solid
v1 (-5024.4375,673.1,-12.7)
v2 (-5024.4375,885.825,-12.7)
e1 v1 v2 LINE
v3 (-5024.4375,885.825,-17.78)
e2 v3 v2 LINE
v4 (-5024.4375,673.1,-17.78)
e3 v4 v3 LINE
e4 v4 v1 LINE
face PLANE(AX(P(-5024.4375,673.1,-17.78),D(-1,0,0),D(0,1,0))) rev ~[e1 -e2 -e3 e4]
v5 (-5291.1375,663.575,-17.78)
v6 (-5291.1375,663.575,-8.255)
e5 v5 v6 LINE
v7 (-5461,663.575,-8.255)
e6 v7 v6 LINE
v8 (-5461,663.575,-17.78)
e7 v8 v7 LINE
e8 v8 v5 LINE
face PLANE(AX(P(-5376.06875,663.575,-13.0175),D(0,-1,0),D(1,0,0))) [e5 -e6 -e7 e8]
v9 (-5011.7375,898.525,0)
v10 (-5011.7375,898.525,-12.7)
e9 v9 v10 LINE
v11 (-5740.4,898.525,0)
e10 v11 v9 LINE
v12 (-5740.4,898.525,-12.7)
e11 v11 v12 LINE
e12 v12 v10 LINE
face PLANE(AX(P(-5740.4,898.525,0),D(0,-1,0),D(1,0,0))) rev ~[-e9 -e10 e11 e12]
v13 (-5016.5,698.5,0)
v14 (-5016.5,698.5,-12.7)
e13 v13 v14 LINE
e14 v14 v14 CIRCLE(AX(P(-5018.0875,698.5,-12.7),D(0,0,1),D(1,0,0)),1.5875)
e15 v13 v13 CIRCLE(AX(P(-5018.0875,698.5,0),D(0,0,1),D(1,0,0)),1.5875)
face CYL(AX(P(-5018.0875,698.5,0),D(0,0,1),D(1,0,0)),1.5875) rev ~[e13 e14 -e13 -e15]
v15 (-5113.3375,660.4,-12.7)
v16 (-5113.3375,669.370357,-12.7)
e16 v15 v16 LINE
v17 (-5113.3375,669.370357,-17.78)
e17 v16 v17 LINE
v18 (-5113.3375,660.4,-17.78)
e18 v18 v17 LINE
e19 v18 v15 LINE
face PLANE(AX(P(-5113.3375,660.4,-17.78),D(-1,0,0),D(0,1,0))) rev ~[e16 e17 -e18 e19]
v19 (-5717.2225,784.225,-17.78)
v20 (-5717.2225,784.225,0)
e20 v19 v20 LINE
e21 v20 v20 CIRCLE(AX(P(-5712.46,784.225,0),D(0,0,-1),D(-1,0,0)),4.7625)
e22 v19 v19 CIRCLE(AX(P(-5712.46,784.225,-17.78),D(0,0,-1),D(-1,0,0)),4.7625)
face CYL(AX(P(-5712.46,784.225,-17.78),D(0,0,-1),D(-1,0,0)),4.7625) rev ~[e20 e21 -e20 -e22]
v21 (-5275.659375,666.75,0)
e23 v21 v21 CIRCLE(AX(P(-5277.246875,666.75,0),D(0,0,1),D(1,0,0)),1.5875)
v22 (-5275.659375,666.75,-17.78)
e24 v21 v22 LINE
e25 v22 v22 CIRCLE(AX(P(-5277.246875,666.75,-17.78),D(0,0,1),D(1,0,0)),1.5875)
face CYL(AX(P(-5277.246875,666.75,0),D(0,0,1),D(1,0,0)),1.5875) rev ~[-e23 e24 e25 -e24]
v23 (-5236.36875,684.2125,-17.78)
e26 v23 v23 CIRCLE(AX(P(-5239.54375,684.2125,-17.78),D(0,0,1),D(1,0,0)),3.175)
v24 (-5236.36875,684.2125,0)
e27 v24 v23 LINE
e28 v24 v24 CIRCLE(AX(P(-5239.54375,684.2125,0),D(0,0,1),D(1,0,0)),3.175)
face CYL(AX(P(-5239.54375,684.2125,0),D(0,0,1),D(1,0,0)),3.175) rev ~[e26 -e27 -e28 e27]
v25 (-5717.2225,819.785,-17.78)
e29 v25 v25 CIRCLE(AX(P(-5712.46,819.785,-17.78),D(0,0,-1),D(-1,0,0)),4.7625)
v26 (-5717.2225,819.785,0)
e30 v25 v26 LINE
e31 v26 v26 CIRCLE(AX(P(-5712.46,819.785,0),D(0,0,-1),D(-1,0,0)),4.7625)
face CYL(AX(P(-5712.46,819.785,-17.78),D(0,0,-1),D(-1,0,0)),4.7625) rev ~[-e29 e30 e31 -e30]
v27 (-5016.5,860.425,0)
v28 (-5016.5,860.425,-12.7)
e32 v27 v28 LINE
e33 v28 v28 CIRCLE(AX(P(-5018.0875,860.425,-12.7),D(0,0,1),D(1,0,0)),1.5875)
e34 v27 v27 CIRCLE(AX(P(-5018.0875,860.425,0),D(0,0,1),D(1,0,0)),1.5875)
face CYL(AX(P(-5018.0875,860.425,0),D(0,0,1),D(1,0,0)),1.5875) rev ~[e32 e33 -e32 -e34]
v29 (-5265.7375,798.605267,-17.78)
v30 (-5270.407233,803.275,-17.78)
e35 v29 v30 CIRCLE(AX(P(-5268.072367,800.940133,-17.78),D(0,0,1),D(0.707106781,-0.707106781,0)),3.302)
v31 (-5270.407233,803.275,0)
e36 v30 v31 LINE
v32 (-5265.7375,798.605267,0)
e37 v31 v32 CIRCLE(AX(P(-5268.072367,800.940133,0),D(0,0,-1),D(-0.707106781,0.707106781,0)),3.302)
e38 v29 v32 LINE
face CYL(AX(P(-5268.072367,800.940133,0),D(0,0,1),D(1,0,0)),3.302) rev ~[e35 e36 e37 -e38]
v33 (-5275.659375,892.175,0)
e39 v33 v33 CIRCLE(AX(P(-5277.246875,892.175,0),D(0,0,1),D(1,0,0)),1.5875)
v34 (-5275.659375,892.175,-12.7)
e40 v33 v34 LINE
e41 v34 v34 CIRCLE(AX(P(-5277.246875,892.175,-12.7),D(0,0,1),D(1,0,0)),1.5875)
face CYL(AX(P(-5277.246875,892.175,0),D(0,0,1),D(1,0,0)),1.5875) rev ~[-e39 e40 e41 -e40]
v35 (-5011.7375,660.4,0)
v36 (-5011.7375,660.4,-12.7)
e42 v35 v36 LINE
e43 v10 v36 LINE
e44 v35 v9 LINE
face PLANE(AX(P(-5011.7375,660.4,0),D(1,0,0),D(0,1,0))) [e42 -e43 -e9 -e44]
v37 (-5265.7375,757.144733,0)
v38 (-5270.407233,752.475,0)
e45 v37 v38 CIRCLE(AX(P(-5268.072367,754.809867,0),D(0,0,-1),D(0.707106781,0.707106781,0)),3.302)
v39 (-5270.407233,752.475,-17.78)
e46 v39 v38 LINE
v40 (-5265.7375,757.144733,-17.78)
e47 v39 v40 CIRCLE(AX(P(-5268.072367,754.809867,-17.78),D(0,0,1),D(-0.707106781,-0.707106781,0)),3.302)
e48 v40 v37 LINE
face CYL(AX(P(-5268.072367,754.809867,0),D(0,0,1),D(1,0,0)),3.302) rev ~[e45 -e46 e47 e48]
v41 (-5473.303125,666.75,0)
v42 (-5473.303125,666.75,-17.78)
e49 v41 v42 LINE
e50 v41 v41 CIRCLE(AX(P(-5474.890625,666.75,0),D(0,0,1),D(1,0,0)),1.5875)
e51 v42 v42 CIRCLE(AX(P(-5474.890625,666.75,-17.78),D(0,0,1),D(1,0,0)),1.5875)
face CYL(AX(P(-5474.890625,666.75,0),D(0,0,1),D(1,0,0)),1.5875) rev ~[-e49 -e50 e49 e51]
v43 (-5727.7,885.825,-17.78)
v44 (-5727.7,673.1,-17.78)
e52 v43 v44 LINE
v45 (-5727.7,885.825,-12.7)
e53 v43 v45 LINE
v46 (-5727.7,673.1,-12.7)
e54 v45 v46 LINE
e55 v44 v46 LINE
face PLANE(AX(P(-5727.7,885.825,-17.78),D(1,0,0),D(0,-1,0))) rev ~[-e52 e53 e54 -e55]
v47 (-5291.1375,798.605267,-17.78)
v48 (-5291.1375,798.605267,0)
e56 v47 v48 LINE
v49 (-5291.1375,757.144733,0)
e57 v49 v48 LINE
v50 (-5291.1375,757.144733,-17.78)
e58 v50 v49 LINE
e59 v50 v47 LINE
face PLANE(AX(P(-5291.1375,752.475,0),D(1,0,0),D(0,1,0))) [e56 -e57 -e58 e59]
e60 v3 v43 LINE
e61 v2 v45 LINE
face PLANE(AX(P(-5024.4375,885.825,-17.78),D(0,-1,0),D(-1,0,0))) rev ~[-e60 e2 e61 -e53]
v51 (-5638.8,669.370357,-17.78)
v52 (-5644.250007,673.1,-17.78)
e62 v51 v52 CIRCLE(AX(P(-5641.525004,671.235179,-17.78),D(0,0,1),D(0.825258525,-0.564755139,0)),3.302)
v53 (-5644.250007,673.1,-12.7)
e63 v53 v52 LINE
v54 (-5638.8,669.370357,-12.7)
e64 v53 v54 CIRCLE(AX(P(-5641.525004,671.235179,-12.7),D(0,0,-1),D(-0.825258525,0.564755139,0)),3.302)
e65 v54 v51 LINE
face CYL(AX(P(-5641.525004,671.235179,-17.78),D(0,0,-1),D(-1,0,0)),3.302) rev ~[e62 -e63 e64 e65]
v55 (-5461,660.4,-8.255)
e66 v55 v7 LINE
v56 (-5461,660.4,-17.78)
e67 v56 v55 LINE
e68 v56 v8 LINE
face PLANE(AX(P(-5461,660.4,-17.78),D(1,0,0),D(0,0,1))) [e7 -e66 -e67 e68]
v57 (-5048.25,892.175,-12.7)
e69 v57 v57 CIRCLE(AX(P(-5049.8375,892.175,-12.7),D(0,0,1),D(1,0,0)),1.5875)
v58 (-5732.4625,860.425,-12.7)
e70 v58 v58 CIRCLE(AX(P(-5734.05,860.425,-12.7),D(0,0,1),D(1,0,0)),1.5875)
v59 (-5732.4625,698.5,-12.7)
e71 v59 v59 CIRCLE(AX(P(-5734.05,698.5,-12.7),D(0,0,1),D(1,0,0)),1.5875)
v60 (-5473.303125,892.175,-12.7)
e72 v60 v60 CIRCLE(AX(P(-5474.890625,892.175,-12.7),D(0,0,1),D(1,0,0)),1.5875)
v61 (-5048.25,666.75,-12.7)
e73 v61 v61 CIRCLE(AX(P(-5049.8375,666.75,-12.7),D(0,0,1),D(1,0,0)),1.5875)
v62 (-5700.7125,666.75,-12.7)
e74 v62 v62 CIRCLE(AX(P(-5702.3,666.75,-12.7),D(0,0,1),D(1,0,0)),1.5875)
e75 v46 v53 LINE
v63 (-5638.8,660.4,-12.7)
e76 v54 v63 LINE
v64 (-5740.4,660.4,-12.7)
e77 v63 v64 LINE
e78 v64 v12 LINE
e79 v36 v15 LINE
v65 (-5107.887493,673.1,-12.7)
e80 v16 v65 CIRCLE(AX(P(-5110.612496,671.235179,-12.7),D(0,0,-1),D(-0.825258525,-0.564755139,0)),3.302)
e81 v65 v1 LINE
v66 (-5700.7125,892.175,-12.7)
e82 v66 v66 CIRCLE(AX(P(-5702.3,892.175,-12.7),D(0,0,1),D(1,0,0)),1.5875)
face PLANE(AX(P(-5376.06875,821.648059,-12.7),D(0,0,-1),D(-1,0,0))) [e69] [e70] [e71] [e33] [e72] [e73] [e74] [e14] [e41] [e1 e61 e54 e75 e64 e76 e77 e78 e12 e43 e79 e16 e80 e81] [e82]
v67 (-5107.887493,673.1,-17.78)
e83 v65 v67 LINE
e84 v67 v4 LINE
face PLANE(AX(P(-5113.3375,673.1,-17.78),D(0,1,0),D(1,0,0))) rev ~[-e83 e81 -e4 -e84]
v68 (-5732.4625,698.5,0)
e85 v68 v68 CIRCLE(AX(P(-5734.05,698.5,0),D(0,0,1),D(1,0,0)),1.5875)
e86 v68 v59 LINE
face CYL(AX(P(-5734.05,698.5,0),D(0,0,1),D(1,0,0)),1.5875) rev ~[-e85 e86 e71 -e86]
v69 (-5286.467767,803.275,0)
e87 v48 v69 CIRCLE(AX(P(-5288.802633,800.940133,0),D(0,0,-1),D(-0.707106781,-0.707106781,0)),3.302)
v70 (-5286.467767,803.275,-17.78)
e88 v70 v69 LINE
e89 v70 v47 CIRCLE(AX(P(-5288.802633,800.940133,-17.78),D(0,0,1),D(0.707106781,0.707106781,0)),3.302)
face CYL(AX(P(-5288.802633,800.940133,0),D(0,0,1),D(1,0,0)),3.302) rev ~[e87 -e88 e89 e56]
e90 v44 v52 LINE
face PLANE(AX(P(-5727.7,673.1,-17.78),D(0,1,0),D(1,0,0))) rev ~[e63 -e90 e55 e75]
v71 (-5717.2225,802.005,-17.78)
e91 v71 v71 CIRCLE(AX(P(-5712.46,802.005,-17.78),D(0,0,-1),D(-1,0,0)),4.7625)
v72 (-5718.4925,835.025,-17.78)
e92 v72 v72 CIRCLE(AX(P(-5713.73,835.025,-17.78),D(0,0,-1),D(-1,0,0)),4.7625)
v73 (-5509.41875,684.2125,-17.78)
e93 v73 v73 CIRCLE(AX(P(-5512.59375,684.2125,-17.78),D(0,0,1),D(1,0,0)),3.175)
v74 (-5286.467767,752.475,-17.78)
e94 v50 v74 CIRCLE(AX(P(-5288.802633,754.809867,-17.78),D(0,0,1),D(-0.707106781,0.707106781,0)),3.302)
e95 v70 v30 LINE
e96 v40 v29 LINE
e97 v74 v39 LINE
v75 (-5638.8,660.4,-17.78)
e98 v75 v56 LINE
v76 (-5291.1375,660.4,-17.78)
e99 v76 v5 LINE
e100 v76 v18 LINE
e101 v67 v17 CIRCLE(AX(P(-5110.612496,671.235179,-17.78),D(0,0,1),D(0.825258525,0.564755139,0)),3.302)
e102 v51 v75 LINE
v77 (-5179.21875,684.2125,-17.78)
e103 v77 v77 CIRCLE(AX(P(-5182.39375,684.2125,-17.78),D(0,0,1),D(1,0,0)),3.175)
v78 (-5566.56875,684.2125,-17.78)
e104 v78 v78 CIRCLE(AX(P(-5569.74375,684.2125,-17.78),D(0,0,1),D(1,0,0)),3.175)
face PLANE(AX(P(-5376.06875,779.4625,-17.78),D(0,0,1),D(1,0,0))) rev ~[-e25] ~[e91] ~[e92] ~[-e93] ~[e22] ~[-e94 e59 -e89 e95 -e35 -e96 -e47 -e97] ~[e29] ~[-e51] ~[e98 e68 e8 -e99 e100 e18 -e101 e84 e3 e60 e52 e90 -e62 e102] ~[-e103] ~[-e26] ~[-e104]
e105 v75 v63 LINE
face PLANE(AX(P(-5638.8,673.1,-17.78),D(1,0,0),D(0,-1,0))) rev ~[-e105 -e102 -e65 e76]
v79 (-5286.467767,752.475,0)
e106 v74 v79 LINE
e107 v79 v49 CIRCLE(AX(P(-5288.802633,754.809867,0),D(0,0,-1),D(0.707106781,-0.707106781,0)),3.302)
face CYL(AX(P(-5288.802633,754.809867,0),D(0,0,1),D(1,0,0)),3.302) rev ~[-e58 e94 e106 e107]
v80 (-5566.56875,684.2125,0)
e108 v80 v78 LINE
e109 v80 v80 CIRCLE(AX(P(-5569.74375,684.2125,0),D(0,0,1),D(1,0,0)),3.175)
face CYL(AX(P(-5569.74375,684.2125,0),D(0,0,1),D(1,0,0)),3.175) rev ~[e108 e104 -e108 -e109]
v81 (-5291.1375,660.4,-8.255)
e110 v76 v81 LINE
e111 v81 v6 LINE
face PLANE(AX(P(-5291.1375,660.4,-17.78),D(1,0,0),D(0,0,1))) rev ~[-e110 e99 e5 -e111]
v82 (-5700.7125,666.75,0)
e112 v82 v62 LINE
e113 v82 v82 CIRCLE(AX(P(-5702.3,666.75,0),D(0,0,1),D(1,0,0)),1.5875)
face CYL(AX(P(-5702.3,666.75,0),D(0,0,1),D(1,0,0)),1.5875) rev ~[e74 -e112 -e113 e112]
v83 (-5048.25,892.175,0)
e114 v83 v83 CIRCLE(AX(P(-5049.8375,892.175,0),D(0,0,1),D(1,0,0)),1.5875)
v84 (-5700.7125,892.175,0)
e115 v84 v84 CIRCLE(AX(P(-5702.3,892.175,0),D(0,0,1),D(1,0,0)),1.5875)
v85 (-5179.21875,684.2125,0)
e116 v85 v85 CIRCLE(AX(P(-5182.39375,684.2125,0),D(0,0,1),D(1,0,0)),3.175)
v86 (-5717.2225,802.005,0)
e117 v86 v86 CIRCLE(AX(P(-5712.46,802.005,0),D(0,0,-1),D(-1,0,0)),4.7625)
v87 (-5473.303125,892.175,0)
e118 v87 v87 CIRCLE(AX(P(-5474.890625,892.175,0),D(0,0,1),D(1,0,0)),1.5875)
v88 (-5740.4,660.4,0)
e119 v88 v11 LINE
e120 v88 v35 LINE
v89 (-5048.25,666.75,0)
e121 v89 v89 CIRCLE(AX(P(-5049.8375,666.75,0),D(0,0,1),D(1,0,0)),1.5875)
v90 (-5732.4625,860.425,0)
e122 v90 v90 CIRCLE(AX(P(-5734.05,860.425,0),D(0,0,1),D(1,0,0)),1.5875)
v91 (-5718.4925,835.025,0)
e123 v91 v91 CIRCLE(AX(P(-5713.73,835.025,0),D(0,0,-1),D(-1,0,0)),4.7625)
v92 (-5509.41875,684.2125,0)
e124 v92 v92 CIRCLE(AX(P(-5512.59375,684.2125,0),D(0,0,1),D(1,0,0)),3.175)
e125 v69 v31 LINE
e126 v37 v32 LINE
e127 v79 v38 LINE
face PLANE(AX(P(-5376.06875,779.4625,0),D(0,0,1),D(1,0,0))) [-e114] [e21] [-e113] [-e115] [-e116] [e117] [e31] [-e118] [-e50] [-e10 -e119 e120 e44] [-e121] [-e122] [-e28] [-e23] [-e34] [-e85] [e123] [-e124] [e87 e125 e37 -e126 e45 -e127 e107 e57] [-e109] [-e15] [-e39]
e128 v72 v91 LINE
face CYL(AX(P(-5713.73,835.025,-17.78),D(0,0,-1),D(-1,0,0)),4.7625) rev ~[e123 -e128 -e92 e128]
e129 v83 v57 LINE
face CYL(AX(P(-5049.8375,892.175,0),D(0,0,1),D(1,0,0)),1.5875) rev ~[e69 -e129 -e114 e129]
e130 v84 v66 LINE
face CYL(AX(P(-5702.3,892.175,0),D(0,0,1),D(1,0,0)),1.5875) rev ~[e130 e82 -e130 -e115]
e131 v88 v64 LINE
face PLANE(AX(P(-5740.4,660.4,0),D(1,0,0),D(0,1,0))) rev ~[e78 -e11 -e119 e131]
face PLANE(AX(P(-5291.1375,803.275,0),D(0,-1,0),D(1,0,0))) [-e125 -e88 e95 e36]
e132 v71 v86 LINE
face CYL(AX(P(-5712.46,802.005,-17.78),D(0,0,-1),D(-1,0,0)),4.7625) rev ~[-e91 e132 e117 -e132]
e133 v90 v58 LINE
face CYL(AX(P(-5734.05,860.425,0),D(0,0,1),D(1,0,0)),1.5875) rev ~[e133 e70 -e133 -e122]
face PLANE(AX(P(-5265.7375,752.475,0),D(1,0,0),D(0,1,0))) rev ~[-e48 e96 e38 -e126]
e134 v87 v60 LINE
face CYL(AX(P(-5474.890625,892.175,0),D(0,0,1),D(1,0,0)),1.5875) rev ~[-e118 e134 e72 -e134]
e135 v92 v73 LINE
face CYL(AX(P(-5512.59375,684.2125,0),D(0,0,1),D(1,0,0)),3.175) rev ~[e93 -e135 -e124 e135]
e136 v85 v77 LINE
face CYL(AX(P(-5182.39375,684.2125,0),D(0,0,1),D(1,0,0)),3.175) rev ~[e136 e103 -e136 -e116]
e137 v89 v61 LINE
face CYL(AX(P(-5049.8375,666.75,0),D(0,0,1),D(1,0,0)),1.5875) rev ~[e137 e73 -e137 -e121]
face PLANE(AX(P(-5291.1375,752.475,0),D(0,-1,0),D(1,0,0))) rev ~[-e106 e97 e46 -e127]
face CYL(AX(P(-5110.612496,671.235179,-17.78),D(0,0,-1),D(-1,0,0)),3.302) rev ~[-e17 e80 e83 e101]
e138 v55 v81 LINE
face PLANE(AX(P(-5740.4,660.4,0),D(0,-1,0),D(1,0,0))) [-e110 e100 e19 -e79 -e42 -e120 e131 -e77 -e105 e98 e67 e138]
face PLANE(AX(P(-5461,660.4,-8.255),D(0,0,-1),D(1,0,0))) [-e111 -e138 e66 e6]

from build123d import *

# Parameters (mm, degrees)
BACKOUTLINE_W               = 728.6625
BACKOUTLINE_H               = 238.125
BACKOUTLINE_THICKNESS_DEPTH = 17.78
BCAKHOLES_R                 = 1.5875
BCAKHOLES_R_2               = 3.175
BCAKHOLES_W                 = 25.4
BCAKHOLES_H                 = 50.8
CUT_EXTRUDE1_DEPTH          = 17.78
SKETCH6_R                   = 3.302
CUT_EXTRUDE4_DEPTH          = 17.78
BACKPOWERBOXLIP_W           = 169.8625
BACKPOWERBOXLIP_H           = 9.525
CUT_EXTRUDE2_DEPTH          = 3.175
CUT_EXTRUDE3_DEPTH          = 5.08
SKETCH7_R                   = 3.302
CUT_EXTRUDE5_DEPTH          = 5.08
BACKAMPACCESSHOLES_R        = 4.7625
CUT_EXTRUDE6_DEPTH          = 17.78


with BuildPart() as part:
    # BackOutline → BackOutline_Thickness (new body)
    with BuildSketch(Plane.XY):
        with Locations((-5376.06875, 779.4625)):
            Rectangle(BACKOUTLINE_W, BACKOUTLINE_H)
    extrude(amount=-BACKOUTLINE_THICKNESS_DEPTH)

    # BcakHoles → Cut-Extrude1 (cut)
    with BuildSketch(Plane.XY):
        with Locations((-5702.3, 892.175)):
            Circle(BCAKHOLES_R)
        with Locations((-5734.05, 860.425)):
            Circle(BCAKHOLES_R)
        with Locations((-5734.05, 698.5)):
            Circle(BCAKHOLES_R)
        with Locations((-5702.3, 666.75)):
            Circle(BCAKHOLES_R)
        with Locations((-5569.74375, 684.2125)):
            Circle(BCAKHOLES_R_2)
        with Locations((-5512.59375, 684.2125)):
            Circle(BCAKHOLES_R_2)
        with Locations((-5474.890625, 666.75)):
            Circle(BCAKHOLES_R)
        with Locations((-5277.246875, 666.75)):
            Circle(BCAKHOLES_R)
        with Locations((-5239.54375, 684.2125)):
            Circle(BCAKHOLES_R_2)
        with Locations((-5182.39375, 684.2125)):
            Circle(BCAKHOLES_R_2)
        with Locations((-5049.8375, 666.75)):
            Circle(BCAKHOLES_R)
        with Locations((-5018.0875, 698.5)):
            Circle(BCAKHOLES_R)
        with Locations((-5018.0875, 860.425)):
            Circle(BCAKHOLES_R)
        with Locations((-5049.8375, 892.175)):
            Circle(BCAKHOLES_R)
        with Locations((-5277.246875, 892.175)):
            Circle(BCAKHOLES_R)
        with Locations((-5474.890625, 892.175)):
            Circle(BCAKHOLES_R)
        with Locations((-5278.4375, 777.875)):
            Rectangle(BCAKHOLES_W, BCAKHOLES_H)
    extrude(amount=-CUT_EXTRUDE1_DEPTH, mode=Mode.SUBTRACT)

    # Sketch6 → Cut-Extrude4 (cut)
    with BuildSketch(Plane.XY):
        with Locations((-5288.802633409, 800.940133409)):
            Circle(SKETCH6_R)
        with Locations((-5268.072366591, 800.940133409)):
            Circle(SKETCH6_R)
        with Locations((-5288.802633409, 754.809866591)):
            Circle(SKETCH6_R)
        with Locations((-5268.072366591, 754.809866591)):
            Circle(SKETCH6_R)
    extrude(amount=-CUT_EXTRUDE4_DEPTH, mode=Mode.SUBTRACT)

    # BackPowerBoxLip → Cut-Extrude2 (cut)
    with BuildSketch(Plane.XZ.offset(-660.4)):
        with Locations((-5376.06875, -13.0175)):
            Rectangle(BACKPOWERBOXLIP_W, BACKPOWERBOXLIP_H)
    extrude(amount=-CUT_EXTRUDE2_DEPTH, mode=Mode.SUBTRACT)

    # BackLedge → Cut-Extrude3 (cut)
    with BuildSketch(Plane(origin=(0, 0, -17.78), x_dir=(-1, 0, 0), z_dir=(0, 0, -1))):
        Polygon((5011.7375, 660.4), (5113.3375, 660.4), (5113.3375, 673.1), (5024.4375, 673.1), (5024.4375, 885.825), (5727.7, 885.825), (5727.7, 673.1), (5638.8, 673.1), (5638.8, 660.4), (5740.4, 660.4), (5740.4, 898.525), (5011.7375, 898.525), align=None)
    extrude(amount=-CUT_EXTRUDE3_DEPTH, mode=Mode.SUBTRACT)

    # Sketch7 → Cut-Extrude5 (cut)
    with BuildSketch(Plane(origin=(0, 0, -17.78), x_dir=(-1, 0, 0), z_dir=(0, 0, -1))):
        with Locations((5641.525003649, 671.235178531)):
            Circle(SKETCH7_R)
        with Locations((5110.612496351, 671.235178531)):
            Circle(SKETCH7_R)
    extrude(amount=-CUT_EXTRUDE5_DEPTH, mode=Mode.SUBTRACT)

    # BackAmpAccessHoles → Cut-Extrude6 (cut)
    with BuildSketch(Plane(origin=(0, 0, -17.78), x_dir=(-1, 0, 0), z_dir=(0, 0, -1))):
        with Locations((5713.73, 835.025)):
            Circle(BACKAMPACCESSHOLES_R)
        with Locations((5712.46, 819.785)):
            Circle(BACKAMPACCESSHOLES_R)
        with Locations((5712.46, 802.005)):
            Circle(BACKAMPACCESSHOLES_R)
        with Locations((5712.46, 784.225)):
            Circle(BACKAMPACCESSHOLES_R)
    extrude(amount=-CUT_EXTRUDE6_DEPTH, mode=Mode.SUBTRACT)


solid = part.part
